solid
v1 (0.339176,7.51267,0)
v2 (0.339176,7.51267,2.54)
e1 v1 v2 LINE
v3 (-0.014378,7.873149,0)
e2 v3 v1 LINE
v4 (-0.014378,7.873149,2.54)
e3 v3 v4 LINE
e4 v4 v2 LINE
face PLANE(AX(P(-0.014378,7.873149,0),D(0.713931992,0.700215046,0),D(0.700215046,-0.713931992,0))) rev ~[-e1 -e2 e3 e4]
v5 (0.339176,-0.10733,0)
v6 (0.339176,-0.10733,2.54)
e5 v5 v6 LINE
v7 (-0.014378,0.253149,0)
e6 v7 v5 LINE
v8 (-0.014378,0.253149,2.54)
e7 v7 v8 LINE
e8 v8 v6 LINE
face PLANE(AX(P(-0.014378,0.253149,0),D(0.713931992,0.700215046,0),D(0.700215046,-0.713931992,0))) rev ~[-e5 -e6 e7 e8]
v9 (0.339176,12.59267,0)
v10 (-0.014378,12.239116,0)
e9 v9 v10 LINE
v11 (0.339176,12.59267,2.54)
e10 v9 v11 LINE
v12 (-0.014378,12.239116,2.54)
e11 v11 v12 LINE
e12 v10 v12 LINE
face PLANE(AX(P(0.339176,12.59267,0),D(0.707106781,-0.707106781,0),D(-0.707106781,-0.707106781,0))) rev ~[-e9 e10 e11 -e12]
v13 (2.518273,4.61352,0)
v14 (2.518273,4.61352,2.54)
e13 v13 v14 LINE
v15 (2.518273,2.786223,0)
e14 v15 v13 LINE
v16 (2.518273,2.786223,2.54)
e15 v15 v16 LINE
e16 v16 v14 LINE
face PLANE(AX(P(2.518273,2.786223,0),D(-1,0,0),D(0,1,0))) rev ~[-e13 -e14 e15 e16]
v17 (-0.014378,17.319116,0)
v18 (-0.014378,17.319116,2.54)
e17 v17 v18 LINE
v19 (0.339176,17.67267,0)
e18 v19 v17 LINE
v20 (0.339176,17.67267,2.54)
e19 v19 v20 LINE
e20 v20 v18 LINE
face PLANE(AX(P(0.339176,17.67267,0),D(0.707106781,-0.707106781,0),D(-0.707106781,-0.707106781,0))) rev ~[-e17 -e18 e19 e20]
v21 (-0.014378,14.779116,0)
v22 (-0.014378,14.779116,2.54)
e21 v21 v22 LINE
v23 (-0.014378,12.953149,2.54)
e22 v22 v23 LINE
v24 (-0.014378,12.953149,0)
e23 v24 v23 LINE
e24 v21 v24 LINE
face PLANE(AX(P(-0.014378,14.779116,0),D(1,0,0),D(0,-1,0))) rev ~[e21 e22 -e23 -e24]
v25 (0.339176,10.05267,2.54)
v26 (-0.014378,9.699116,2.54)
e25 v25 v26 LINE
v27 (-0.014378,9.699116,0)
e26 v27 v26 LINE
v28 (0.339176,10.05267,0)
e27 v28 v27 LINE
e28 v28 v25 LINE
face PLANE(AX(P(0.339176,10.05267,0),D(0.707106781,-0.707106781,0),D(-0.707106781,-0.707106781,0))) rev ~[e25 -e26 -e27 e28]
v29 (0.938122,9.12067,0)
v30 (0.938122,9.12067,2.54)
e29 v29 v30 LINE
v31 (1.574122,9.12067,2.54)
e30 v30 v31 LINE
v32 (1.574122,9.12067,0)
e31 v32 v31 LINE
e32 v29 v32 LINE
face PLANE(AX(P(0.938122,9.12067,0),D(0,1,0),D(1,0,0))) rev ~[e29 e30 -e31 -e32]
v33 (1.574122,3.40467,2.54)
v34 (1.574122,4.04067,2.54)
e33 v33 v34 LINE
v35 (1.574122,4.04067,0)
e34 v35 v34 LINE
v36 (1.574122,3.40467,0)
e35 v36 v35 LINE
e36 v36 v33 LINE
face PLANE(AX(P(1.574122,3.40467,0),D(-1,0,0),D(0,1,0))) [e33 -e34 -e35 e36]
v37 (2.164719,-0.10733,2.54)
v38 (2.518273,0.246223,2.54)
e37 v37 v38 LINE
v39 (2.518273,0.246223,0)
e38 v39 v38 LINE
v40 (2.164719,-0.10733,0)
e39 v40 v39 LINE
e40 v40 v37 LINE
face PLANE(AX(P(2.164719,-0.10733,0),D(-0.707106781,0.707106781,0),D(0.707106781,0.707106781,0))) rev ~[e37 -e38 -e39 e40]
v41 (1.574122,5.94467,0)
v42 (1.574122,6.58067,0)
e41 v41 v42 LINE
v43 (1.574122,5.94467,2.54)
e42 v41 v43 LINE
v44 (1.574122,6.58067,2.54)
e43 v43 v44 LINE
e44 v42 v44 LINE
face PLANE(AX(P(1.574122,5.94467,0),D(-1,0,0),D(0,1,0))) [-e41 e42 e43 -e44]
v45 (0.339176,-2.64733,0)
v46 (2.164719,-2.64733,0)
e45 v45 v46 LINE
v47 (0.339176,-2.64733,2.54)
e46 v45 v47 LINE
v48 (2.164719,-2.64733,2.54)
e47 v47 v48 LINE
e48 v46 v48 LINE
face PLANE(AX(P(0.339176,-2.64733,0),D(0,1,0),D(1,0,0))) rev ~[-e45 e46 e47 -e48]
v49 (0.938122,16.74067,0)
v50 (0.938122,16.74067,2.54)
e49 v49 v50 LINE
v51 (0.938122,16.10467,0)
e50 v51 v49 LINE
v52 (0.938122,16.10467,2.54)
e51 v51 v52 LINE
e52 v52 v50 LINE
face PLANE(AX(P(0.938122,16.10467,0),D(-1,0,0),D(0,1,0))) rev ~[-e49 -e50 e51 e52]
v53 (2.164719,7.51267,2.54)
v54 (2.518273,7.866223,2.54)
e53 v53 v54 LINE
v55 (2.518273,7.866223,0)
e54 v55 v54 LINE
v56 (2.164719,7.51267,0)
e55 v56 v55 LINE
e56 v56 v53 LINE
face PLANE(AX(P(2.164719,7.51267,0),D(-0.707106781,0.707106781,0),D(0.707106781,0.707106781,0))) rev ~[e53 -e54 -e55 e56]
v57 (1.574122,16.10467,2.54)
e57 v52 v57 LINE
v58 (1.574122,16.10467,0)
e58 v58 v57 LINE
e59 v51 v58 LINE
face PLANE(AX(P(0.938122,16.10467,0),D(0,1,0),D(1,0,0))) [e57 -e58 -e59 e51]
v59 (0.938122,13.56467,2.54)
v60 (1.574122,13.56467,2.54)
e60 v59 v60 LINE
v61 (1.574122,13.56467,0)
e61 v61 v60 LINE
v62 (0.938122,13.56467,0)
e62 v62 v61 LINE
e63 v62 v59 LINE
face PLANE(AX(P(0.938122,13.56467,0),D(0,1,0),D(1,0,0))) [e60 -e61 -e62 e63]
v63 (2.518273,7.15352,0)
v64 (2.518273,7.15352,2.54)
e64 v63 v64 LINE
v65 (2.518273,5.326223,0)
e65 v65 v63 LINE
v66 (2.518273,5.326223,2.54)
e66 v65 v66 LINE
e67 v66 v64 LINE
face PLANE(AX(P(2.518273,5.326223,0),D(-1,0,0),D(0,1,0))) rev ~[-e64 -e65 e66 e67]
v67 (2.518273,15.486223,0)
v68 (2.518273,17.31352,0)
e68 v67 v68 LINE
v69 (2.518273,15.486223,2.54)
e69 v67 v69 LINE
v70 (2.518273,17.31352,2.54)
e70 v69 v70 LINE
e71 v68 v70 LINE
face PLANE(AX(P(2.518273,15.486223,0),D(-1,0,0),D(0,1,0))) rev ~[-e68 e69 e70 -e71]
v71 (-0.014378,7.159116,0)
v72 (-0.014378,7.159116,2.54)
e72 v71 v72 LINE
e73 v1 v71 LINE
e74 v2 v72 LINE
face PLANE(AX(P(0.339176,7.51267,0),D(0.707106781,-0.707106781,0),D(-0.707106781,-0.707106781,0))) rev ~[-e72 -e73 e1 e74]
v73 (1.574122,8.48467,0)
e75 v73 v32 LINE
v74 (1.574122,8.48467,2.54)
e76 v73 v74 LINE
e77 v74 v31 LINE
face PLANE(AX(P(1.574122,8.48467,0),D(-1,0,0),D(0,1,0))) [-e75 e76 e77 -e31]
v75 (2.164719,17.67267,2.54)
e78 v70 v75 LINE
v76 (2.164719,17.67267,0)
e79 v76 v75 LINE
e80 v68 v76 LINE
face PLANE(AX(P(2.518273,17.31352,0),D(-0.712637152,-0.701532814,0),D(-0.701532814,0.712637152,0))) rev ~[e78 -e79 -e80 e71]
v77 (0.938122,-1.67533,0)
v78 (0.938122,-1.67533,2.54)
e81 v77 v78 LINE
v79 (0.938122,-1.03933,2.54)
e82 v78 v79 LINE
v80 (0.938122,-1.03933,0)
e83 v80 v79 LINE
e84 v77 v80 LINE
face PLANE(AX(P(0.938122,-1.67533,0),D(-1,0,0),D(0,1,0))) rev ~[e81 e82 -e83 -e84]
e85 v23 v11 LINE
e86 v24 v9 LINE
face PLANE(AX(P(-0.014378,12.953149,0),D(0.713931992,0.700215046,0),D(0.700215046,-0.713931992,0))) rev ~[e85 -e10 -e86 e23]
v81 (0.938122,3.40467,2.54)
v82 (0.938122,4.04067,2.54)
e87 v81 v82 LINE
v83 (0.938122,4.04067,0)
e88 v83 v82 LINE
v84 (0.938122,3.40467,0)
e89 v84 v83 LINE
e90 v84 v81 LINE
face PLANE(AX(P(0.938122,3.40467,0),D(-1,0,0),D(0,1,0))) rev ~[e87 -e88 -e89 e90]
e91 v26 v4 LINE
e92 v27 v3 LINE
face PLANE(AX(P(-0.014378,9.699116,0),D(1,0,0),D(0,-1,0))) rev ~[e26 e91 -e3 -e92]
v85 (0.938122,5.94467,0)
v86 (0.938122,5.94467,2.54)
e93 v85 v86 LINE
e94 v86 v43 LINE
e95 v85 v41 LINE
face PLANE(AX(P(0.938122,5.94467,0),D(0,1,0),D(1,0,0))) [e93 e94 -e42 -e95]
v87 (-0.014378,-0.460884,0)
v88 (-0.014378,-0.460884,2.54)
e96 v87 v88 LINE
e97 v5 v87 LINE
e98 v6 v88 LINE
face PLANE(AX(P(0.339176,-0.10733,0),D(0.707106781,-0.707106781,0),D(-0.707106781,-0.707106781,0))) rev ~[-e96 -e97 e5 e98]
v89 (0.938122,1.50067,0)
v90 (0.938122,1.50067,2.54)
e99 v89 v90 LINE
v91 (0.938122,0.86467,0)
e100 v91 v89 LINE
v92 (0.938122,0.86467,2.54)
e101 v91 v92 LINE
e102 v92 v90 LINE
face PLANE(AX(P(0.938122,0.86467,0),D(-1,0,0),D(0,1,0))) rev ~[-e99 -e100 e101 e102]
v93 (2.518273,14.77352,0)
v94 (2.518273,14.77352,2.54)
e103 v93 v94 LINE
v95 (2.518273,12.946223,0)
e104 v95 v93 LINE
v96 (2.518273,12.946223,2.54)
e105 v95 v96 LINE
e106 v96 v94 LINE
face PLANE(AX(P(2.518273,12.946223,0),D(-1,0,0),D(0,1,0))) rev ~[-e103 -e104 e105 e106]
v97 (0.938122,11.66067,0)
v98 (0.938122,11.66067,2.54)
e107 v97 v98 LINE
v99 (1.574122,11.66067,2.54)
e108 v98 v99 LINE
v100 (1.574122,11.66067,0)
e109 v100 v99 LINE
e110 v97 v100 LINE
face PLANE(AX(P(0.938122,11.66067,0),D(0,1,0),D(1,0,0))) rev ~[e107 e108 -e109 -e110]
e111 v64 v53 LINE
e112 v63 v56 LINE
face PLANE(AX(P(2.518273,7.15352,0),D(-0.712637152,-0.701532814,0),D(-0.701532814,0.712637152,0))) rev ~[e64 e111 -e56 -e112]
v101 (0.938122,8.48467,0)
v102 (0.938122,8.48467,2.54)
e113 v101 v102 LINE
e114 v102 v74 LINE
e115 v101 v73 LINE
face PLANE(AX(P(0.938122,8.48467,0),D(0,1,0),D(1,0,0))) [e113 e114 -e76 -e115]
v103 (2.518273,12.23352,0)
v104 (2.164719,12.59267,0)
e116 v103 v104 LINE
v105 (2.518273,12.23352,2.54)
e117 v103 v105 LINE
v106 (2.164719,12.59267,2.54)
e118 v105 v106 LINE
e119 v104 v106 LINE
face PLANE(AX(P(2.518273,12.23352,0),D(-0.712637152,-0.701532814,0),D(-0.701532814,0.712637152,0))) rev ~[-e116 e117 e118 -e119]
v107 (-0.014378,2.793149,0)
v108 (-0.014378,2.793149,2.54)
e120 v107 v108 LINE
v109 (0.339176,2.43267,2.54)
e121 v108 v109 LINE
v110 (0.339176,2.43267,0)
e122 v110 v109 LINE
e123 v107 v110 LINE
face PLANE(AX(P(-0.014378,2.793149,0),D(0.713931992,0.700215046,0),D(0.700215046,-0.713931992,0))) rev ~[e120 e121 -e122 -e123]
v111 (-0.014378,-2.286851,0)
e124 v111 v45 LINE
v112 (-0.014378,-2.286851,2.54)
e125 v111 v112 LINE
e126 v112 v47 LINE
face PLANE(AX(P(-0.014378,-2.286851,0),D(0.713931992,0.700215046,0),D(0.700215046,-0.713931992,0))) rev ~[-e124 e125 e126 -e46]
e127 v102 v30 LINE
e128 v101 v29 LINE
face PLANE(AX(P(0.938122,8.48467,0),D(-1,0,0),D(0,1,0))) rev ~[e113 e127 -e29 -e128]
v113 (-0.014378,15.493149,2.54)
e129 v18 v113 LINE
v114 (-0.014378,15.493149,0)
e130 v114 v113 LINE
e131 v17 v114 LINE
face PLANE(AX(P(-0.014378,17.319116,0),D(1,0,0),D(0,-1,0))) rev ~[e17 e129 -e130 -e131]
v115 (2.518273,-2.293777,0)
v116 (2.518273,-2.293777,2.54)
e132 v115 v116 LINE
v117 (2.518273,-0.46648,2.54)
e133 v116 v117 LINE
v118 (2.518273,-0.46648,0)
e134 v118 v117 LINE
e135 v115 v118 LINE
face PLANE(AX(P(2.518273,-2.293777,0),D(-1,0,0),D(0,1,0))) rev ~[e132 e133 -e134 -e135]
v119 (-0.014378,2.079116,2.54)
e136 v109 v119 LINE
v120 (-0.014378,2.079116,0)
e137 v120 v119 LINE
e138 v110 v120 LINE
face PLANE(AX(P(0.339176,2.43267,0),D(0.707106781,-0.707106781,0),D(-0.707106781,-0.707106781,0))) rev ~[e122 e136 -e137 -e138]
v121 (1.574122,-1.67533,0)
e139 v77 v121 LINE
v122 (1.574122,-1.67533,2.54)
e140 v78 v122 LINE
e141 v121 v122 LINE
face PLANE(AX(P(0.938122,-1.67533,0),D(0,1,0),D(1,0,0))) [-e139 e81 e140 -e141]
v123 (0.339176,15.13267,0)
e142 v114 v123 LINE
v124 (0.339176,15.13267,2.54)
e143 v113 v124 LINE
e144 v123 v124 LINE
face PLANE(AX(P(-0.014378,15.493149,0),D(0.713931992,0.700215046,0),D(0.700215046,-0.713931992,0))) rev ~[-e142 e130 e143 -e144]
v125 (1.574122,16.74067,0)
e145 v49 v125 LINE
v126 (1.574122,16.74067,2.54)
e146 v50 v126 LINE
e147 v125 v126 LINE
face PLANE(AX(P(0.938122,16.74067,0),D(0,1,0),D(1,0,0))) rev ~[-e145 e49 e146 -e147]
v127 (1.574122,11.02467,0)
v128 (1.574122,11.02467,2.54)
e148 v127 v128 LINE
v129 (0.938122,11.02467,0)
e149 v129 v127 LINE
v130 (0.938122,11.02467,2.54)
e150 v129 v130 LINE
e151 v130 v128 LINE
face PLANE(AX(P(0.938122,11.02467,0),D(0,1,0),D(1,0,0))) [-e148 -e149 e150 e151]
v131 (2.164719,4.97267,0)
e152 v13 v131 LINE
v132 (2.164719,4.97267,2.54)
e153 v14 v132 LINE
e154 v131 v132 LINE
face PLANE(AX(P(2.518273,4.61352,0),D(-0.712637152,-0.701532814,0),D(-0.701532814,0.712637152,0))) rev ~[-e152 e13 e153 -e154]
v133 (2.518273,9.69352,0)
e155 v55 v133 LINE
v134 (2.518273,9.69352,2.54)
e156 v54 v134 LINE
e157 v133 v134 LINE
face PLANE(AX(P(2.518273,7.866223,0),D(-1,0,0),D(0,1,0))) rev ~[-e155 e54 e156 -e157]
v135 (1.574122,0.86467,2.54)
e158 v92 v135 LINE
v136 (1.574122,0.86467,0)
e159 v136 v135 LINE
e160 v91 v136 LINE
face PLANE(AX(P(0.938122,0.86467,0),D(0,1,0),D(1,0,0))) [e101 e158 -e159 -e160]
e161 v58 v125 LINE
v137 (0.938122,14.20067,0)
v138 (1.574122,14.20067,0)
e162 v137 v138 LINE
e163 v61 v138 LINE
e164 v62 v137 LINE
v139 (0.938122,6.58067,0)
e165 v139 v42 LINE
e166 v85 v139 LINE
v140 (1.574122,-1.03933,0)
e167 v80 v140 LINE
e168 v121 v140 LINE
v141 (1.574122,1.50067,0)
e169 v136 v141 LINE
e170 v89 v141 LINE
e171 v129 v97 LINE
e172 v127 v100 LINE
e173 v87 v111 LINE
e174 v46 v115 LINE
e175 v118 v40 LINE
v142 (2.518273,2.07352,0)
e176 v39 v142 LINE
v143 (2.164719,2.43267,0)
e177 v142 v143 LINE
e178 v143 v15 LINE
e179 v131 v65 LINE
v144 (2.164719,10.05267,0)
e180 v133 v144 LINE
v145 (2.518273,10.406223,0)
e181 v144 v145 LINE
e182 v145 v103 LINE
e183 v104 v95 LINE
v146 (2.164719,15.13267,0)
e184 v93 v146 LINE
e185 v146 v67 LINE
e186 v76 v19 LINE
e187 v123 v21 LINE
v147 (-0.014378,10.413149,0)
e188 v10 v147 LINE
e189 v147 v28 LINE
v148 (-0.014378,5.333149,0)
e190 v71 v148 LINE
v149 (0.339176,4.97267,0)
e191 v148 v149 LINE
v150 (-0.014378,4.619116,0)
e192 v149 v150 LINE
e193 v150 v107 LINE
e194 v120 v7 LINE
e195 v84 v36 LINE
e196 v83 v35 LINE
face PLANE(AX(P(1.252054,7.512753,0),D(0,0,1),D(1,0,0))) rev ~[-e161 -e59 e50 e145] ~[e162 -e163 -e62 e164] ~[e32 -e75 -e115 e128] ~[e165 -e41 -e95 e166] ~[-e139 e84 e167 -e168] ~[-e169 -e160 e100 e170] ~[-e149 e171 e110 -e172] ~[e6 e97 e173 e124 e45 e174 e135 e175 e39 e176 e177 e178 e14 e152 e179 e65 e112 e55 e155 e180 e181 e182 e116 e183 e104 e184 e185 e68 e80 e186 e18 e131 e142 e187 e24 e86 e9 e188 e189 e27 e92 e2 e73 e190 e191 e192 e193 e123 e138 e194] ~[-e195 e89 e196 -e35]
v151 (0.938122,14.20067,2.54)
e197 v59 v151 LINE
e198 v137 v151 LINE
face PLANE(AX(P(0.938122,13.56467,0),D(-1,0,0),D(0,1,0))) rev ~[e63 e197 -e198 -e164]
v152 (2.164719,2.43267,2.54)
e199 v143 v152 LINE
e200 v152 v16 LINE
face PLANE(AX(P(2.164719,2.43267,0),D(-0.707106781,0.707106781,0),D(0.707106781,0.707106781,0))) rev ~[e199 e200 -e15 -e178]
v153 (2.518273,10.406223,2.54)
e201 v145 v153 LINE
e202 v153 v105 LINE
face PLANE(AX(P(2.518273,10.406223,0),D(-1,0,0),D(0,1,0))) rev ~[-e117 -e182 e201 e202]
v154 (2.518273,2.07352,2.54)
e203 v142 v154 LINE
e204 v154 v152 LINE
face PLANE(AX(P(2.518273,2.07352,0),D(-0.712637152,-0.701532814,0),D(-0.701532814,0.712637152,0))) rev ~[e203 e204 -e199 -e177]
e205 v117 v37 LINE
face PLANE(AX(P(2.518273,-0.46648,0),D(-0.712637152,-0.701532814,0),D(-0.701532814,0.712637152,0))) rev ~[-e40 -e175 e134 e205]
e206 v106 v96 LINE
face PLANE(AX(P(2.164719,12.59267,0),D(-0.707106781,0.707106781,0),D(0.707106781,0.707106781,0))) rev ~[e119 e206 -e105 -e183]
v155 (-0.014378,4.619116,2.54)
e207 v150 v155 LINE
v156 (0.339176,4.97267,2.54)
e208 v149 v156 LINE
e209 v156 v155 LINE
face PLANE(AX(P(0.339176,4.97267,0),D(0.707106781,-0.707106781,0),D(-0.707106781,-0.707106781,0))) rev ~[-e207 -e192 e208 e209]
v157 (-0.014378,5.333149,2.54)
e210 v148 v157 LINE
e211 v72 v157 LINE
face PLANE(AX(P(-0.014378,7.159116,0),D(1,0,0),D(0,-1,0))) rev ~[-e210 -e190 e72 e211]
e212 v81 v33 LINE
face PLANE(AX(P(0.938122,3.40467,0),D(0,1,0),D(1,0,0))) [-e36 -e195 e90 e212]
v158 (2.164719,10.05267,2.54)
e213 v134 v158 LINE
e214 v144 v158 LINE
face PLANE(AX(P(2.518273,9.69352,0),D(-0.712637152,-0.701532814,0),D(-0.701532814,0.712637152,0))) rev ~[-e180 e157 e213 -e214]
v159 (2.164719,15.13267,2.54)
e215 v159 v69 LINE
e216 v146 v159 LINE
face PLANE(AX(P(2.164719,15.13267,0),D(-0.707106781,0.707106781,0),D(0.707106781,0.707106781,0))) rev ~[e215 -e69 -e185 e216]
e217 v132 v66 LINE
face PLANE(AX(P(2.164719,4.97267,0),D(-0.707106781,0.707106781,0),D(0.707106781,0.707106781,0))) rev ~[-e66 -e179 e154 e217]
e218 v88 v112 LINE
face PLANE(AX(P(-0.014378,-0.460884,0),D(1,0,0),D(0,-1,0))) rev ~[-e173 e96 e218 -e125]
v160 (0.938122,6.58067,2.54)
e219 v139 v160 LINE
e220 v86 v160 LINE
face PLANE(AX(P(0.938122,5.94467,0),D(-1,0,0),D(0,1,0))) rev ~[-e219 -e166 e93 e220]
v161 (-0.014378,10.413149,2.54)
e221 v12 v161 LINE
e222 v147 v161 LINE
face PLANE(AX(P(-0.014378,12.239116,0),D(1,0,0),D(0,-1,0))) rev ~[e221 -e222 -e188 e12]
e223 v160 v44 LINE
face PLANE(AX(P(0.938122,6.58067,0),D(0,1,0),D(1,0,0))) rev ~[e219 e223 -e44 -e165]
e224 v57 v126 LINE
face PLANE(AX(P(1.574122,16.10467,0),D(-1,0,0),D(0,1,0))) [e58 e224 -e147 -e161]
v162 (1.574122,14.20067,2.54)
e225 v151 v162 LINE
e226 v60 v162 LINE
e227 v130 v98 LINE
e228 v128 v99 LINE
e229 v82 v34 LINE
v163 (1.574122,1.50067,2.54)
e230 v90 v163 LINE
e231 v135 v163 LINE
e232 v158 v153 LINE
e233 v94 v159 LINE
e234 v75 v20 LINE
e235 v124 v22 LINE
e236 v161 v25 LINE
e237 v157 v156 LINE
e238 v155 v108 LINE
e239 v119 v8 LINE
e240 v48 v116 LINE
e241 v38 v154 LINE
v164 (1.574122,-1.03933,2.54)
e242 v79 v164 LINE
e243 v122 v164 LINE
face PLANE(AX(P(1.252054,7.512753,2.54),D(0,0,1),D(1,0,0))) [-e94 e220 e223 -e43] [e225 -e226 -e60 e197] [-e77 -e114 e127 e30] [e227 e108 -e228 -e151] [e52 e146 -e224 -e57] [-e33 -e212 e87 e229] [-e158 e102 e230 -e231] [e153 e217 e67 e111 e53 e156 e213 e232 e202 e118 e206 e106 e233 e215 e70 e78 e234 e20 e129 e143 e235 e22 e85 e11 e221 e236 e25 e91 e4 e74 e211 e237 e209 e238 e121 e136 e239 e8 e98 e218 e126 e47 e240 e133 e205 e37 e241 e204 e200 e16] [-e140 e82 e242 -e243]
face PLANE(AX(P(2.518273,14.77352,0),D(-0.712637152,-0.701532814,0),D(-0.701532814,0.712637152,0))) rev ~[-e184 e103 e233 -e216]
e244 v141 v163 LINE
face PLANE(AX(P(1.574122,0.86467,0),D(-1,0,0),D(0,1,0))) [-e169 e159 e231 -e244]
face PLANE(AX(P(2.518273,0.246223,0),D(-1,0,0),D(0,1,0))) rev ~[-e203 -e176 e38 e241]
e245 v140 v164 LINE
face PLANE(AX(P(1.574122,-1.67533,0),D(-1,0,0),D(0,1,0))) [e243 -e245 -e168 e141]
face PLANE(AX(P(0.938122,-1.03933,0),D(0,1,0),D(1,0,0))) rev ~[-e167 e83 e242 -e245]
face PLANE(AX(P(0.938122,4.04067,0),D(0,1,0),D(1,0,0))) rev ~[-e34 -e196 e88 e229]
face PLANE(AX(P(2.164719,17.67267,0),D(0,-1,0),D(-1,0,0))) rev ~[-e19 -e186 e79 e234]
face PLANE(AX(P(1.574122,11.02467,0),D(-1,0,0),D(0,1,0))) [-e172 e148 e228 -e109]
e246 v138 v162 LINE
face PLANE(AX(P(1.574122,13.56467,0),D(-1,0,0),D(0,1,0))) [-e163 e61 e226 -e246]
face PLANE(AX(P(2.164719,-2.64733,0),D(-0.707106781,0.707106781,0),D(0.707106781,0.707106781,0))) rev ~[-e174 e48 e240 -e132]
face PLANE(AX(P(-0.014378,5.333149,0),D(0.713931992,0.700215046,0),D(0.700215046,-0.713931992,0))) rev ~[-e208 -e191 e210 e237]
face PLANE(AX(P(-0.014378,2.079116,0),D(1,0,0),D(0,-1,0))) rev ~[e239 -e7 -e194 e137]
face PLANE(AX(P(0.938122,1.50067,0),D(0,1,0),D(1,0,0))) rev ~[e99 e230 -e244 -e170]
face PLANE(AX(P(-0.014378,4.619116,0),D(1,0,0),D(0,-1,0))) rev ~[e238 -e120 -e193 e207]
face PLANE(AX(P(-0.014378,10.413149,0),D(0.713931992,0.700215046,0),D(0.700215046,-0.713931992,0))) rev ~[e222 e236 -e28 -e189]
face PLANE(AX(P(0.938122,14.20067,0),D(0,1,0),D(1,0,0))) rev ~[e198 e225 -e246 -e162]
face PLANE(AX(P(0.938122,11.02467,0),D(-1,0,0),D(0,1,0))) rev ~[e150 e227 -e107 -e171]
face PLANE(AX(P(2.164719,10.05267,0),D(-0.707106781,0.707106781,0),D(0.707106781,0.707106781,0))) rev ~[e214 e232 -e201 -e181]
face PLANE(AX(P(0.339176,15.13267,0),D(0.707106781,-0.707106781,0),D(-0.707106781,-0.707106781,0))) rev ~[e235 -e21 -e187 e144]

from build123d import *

# Parameters (mm, degrees)
PIN_DRAWING_W       = 0.636
PIN_DRAWING_H       = 0.636
BOSS_EXTRUDE1_DEPTH = 2.54


with BuildPart() as part:
    # pin_drawing → Boss-Extrude1 (new body)
    with BuildSketch(Plane.XY):
        Polygon((-0.014377737, 2.079116284), (-0.014377737, 0.25314904), (0.339175653, -0.107330326), (-0.014377737, -0.460883716), (-0.014377737, -2.28685096), (0.339175653, -2.647330326), (2.164719162, -2.647330326), (2.518272553, -2.293776935), (2.518272553, -0.46648), (2.164719162, -0.107330326), (2.518272553, 0.246223065), (2.518272553, 2.07352), (2.164719162, 2.432669674), (2.518272553, 2.786223065), (2.518272553, 4.61352), (2.164719162, 4.972669674), (2.518272553, 5.326223065), (2.518272553, 7.15352), (2.164719162, 7.512669674), (2.518272553, 7.866223065), (2.518272553, 9.69352), (2.164719162, 10.052669674), (2.518272553, 10.406223065), (2.518272553, 12.23352), (2.164719162, 12.592669674), (2.518272553, 12.946223065), (2.518272553, 14.77352), (2.164719162, 15.132669674), (2.518272553, 15.486223065), (2.518272553, 17.31352), (2.164719162, 17.672669674), (0.339175653, 17.672669674), (-0.014377737, 17.319116284), (-0.014377737, 15.49314904), (0.339175653, 15.132669674), (-0.014377737, 14.779116284), (-0.014377737, 12.95314904), (0.339175653, 12.592669674), (-0.014377737, 12.239116284), (-0.014377737, 10.41314904), (0.339175653, 10.052669674), (-0.014377737, 9.699116284), (-0.014377737, 7.87314904), (0.339175653, 7.512669674), (-0.014377737, 7.159116284), (-0.014377737, 5.33314904), (0.339175653, 4.972669674), (-0.014377737, 4.619116284), (-0.014377737, 2.79314904), (0.339175653, 2.432669674), align=None)
        with Locations((1.256122263, -1.357330326)):
            Rectangle(PIN_DRAWING_W, PIN_DRAWING_H, mode=Mode.SUBTRACT)
        with Locations((1.256122263, 1.182669674)):
            Rectangle(PIN_DRAWING_W, PIN_DRAWING_H, mode=Mode.SUBTRACT)
        with Locations((1.256122263, 3.722669674)):
            Rectangle(PIN_DRAWING_W, PIN_DRAWING_H, mode=Mode.SUBTRACT)
        with Locations((1.256122263, 6.262669674)):
            Rectangle(PIN_DRAWING_W, PIN_DRAWING_H, mode=Mode.SUBTRACT)
        with Locations((1.256122263, 8.802669674)):
            Rectangle(PIN_DRAWING_W, PIN_DRAWING_H, mode=Mode.SUBTRACT)
        with Locations((1.256122263, 11.342669674)):
            Rectangle(PIN_DRAWING_W, PIN_DRAWING_H, mode=Mode.SUBTRACT)
        with Locations((1.256122263, 13.882669674)):
            Rectangle(PIN_DRAWING_W, PIN_DRAWING_H, mode=Mode.SUBTRACT)
        with Locations((1.256122263, 16.422669674)):
            Rectangle(PIN_DRAWING_W, PIN_DRAWING_H, mode=Mode.SUBTRACT)
    extrude(amount=BOSS_EXTRUDE1_DEPTH)


solid = part.part
